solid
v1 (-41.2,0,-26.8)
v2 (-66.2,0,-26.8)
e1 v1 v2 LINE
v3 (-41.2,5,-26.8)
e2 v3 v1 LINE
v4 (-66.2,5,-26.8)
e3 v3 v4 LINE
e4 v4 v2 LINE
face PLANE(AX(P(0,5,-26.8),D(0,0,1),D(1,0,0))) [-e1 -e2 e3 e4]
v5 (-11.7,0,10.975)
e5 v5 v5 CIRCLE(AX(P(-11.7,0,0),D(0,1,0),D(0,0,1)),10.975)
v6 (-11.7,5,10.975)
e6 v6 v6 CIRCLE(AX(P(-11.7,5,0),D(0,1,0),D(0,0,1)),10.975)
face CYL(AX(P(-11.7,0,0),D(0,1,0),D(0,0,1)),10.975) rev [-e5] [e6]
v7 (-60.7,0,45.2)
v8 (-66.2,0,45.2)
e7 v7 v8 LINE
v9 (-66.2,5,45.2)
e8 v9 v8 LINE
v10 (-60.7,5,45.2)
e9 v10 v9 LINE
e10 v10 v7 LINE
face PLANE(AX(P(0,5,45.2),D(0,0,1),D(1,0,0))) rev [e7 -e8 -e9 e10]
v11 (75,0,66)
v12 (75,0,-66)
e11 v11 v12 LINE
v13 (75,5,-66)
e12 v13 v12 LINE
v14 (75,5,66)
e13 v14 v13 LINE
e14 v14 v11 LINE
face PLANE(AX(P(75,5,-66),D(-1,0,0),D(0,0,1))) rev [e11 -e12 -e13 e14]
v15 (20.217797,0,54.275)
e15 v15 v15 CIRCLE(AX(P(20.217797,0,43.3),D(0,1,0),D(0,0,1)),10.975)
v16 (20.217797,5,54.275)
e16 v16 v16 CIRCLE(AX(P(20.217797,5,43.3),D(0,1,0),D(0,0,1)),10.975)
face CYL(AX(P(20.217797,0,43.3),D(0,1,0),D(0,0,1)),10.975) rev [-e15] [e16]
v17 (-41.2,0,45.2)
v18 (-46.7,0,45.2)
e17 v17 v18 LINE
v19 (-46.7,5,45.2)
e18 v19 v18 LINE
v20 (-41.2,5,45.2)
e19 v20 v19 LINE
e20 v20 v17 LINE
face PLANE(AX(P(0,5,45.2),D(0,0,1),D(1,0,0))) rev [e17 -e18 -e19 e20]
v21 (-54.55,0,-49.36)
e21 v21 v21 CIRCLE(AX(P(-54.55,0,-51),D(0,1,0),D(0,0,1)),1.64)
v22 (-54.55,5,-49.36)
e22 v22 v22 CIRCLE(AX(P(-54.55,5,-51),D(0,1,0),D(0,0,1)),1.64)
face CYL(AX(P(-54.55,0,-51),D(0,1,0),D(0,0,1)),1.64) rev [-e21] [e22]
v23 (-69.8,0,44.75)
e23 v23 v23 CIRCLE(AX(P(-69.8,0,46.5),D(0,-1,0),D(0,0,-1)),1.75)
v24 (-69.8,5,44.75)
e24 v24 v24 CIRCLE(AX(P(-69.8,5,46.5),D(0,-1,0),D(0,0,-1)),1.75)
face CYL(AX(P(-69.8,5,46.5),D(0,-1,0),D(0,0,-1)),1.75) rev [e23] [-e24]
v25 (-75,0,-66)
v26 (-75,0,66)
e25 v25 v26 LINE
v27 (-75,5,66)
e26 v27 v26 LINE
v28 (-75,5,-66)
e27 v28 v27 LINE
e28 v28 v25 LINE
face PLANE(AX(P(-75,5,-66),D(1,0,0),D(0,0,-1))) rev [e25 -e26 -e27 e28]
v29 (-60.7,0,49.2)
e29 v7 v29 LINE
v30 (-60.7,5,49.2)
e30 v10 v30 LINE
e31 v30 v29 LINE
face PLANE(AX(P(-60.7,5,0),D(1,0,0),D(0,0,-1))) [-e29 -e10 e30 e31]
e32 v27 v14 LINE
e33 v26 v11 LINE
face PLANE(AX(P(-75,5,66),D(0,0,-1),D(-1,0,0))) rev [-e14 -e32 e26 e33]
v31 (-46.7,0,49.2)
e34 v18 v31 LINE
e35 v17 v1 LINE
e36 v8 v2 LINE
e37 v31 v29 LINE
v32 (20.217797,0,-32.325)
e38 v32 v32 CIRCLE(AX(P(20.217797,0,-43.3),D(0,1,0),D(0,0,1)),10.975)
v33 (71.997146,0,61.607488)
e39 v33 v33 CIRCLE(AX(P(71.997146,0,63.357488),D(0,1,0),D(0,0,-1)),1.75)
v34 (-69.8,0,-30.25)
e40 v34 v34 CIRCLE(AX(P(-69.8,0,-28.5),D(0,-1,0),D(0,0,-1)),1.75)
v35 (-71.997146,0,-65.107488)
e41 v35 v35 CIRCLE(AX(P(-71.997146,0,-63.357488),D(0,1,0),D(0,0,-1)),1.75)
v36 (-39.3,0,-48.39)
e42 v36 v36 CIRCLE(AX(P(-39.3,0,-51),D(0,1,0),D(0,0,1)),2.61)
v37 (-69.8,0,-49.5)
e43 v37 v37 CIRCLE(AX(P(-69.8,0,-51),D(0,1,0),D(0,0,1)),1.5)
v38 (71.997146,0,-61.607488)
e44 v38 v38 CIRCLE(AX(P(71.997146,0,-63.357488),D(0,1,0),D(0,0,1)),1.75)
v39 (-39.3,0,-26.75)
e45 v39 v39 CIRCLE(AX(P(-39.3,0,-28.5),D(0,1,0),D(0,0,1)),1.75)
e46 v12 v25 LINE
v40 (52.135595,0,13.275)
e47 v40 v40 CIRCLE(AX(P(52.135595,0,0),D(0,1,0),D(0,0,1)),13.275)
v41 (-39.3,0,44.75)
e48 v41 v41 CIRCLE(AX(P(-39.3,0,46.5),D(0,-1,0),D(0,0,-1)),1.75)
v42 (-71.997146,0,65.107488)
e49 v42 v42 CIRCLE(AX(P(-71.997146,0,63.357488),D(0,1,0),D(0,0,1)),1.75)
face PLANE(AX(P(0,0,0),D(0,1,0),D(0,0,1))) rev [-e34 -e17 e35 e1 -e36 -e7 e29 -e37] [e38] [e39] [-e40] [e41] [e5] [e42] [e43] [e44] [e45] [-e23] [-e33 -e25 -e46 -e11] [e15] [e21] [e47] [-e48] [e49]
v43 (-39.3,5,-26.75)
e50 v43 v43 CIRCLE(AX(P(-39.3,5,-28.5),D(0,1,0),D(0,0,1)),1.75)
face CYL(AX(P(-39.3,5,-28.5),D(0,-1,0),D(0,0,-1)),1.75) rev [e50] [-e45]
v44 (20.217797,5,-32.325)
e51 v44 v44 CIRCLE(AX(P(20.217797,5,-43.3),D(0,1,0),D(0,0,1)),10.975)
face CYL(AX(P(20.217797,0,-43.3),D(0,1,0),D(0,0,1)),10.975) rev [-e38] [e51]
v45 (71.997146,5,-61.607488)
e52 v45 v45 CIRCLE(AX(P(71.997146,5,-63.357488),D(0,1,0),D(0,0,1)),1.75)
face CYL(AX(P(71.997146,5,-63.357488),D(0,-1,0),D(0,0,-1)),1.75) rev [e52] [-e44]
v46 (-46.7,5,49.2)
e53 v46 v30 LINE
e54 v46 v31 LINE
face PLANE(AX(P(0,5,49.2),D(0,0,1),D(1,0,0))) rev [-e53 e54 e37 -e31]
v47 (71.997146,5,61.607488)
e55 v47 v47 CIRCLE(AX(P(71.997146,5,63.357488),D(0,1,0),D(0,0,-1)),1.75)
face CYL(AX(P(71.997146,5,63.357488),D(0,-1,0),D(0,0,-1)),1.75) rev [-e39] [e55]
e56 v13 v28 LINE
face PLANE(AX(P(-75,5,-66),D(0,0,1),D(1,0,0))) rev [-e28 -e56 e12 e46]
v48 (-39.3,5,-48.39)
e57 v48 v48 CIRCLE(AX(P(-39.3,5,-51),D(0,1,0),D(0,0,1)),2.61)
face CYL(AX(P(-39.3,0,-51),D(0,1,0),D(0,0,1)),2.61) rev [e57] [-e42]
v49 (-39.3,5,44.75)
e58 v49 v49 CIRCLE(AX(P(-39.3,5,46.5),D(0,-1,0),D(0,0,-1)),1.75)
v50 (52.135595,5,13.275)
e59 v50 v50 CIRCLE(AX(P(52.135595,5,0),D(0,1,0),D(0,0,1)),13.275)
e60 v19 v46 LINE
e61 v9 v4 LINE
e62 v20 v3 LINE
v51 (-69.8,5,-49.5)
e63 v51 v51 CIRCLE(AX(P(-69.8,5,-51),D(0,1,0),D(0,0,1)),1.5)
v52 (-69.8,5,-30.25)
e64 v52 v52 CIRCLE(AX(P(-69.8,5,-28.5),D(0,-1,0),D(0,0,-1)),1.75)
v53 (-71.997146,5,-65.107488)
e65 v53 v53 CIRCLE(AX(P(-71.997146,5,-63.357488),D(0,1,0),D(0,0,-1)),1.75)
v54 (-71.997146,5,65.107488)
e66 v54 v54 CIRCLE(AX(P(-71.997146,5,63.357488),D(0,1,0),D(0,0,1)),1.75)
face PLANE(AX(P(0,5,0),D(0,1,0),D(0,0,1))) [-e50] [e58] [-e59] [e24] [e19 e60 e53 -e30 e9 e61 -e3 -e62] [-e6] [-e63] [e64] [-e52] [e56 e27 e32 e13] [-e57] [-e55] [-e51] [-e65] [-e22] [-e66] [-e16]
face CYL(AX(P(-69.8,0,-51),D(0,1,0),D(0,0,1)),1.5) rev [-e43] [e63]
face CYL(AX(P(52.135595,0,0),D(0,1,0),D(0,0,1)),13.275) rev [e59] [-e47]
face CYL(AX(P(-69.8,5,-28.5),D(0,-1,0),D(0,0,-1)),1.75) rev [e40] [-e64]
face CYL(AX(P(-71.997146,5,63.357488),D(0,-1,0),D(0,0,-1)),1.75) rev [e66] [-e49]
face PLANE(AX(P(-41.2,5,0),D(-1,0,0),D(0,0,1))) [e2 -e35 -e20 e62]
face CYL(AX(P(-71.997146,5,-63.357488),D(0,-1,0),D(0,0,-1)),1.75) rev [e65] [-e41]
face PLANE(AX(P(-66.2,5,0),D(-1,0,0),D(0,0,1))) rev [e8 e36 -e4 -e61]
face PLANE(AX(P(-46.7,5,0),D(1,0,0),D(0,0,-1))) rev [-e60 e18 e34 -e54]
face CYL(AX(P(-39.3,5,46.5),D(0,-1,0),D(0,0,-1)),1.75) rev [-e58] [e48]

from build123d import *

# Parameters (mm, degrees)
SKETCH1_W           = 150
SKETCH1_H           = 132
SKETCH1_R           = 1.75
BOSS_EXTRUDE1_DEPTH = 5
SKETCH2_R           = 1.75
CUT_EXTRUDE1_DEPTH  = 5
SKETCH3_R           = 1.5
SKETCH3_R_2         = 1.64
SKETCH3_R_3         = 2.61
CUT_EXTRUDE2_DEPTH  = 5
SKETCH4_R           = 10.975
SKETCH4_R_2         = 13.275
CUT_EXTRUDE3_DEPTH  = 5


with BuildPart() as part:
    # Sketch1 → Boss-Extrude1 (new body)
    with BuildSketch(Plane(origin=(0, 0, 0), x_dir=(1, 0, 0), z_dir=(0, 1, 0))):
        Rectangle(SKETCH1_W, SKETCH1_H)
        with Locations(Location((71.997145932, 63.35748842, 0), (0, 0, 270))):
            Circle(SKETCH1_R, mode=Mode.SUBTRACT)
        with Locations(Location((71.997145932, -63.35748842, 0), (0, 0, 90))):
            Circle(SKETCH1_R, mode=Mode.SUBTRACT)
        with Locations(Location((-71.997145932, 63.35748842, 0), (0, 0, 90))):
            Circle(SKETCH1_R, mode=Mode.SUBTRACT)
        with Locations(Location((-71.997145932, -63.35748842, 0), (0, 0, 270))):
            Circle(SKETCH1_R, mode=Mode.SUBTRACT)
    extrude(amount=BOSS_EXTRUDE1_DEPTH)

    # Sketch2 → Cut-Extrude1 (cut)
    with BuildSketch(Plane.XZ):
        Polygon((-41.2, -26.8), (-41.2, 45.2), (-46.7, 45.2), (-46.7, 49.2), (-60.7, 49.2), (-60.7, 45.2), (-66.2, 45.2), (-66.2, -26.8), align=None)
        with Locations(Location((-39.3, 46.5, 0), (0, 0, 270))):
            Circle(SKETCH2_R)
        with Locations(Location((-39.3, -28.5, 0), (0, 0, 90))):
            Circle(SKETCH2_R)
        with Locations(Location((-69.8, 46.5, 0), (0, 0, 270))):
            Circle(SKETCH2_R)
        with Locations(Location((-69.8, -28.5, 0), (0, 0, 270))):
            Circle(SKETCH2_R)
    extrude(amount=-CUT_EXTRUDE1_DEPTH, mode=Mode.SUBTRACT)

    # Sketch3 → Cut-Extrude2 (cut)
    with BuildSketch(Plane(origin=(0, 5, 0), x_dir=(1, 0, 0), z_dir=(0, 1, 0))):
        with Locations(Location((-69.8, 51, 0), (0, 0, 270))):
            Circle(SKETCH3_R)
        with Locations(Location((-54.55, 51, 0), (0, 0, 270))):
            Circle(SKETCH3_R_2)
        with Locations(Location((-39.3, 51, 0), (0, 0, 270))):
            Circle(SKETCH3_R_3)
    extrude(amount=-CUT_EXTRUDE2_DEPTH, mode=Mode.SUBTRACT)

    # Sketch4 → Cut-Extrude3 (cut)
    with BuildSketch(Plane(origin=(0, 5, 0), x_dir=(1, 0, 0), z_dir=(0, 1, 0))):
        with Locations(Location((-11.7, 0, 0), (0, 0, 270))):
            Circle(SKETCH4_R)
        with Locations(Location((20.217797346, 43.3, 0), (0, 0, 270))):
            Circle(SKETCH4_R)
        with Locations(Location((20.217797346, -43.3, 0), (0, 0, 270))):
            Circle(SKETCH4_R)
        with Locations(Location((52.135594693, 0, 0), (0, 0, 270))):
            Circle(SKETCH4_R_2)
    extrude(amount=-CUT_EXTRUDE3_DEPTH, mode=Mode.SUBTRACT)


solid = part.part
